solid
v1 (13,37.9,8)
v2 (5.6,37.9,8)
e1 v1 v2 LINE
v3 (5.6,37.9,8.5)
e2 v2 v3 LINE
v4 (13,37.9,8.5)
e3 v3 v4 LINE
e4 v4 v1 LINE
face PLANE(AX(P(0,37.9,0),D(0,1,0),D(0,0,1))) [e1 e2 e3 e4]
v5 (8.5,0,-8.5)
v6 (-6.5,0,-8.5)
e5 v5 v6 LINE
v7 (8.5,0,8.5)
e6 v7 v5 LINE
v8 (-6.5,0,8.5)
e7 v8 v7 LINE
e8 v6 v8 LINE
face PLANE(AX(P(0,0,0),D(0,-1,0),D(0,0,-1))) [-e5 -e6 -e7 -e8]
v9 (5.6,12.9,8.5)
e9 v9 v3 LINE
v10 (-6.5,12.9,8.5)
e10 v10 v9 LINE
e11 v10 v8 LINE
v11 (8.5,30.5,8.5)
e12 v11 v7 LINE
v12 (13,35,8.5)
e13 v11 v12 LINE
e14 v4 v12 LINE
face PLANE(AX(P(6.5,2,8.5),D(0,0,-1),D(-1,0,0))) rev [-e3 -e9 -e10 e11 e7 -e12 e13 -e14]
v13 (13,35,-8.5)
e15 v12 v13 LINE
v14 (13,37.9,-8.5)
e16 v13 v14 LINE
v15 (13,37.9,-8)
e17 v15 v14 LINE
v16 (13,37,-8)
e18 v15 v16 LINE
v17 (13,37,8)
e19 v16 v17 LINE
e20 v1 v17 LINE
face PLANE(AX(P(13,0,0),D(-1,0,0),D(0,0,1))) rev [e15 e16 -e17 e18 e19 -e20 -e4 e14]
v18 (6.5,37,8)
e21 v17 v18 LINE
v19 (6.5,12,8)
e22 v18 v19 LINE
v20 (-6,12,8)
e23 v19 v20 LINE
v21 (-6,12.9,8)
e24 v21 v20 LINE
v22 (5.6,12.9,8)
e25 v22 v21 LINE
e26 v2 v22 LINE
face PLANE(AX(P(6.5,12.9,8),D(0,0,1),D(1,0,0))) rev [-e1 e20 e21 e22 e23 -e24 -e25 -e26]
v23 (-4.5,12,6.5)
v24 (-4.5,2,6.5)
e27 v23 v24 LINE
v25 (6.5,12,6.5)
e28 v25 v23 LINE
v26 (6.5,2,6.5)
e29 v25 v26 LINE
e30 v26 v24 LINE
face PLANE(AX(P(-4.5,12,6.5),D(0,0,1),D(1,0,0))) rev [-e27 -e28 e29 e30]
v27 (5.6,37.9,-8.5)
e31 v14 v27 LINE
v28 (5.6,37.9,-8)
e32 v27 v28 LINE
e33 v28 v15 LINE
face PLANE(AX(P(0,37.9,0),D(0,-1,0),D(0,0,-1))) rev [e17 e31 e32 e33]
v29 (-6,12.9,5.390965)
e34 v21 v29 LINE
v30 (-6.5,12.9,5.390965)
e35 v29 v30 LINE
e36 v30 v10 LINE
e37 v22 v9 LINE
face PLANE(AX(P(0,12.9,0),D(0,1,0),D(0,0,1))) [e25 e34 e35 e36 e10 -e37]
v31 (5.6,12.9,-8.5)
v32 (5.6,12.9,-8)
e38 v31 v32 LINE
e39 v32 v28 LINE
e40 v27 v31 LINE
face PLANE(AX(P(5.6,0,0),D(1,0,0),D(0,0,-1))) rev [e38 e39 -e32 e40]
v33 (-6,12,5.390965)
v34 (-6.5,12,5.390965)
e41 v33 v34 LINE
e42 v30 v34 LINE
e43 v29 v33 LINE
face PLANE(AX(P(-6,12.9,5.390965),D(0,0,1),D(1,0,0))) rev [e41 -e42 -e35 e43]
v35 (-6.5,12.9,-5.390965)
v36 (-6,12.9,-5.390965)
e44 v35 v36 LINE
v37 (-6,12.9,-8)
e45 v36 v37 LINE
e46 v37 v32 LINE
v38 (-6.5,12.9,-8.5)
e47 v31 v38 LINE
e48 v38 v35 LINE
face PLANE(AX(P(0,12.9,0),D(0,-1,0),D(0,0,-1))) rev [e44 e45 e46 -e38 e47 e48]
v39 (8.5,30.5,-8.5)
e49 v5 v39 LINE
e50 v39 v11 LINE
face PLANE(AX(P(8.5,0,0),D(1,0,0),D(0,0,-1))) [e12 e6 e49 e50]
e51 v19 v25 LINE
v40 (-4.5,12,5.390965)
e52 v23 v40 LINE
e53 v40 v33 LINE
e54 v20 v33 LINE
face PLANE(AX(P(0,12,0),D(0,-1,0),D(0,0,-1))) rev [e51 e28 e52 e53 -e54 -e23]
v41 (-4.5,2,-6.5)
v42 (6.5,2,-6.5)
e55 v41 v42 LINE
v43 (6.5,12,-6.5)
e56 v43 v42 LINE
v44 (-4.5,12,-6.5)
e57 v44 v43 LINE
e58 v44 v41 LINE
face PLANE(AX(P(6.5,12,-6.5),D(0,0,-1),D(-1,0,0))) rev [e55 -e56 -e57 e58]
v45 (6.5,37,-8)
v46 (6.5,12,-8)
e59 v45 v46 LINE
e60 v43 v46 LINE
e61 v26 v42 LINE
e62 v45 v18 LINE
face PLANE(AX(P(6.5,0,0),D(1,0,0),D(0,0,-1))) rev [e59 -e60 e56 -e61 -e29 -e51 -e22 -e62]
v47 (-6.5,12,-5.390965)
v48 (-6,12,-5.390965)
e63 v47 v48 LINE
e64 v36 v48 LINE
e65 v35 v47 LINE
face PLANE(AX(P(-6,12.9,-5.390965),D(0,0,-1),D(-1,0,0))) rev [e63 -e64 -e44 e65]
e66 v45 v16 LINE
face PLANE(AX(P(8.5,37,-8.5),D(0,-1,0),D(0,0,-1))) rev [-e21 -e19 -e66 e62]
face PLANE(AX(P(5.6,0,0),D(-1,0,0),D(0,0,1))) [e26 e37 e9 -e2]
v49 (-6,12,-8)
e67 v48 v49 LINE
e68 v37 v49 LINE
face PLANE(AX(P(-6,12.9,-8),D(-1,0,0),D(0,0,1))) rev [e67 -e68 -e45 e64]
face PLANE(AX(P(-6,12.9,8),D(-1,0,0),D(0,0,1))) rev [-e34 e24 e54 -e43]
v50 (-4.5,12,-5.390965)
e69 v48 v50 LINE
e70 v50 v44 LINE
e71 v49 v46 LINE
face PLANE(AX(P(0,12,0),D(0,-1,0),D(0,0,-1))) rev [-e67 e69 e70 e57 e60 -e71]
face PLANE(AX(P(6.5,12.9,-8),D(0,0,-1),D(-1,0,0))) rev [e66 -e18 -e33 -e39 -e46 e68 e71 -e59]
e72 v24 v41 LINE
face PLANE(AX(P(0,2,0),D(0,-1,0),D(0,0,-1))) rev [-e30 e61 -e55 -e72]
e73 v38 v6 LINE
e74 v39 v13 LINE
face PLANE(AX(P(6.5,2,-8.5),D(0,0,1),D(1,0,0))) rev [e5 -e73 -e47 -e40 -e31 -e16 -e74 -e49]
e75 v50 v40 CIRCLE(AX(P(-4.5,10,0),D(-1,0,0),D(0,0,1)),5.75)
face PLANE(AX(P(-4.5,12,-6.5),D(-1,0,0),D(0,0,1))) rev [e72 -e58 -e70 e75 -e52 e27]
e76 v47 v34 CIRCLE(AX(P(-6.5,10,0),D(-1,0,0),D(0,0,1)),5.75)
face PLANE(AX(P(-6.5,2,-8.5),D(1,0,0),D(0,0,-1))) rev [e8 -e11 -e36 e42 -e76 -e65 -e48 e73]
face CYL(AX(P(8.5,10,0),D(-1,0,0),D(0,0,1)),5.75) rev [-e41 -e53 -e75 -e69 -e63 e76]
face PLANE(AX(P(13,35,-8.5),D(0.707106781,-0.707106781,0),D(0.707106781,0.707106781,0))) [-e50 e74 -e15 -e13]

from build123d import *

# Parameters (mm, degrees)
SKETCH1_W           = 13
SKETCH1_H           = 17
BOSS_EXTRUDE1_DEPTH = 2
BOSS_EXTRUDE2_DEPTH = 10
SKETCH3_R           = 5.75
CUT_EXTRUDE1_DEPTH  = 15
SKETCH4_W           = 17
SKETCH4_H           = 37
BOSS_EXTRUDE3_DEPTH = 2
SKETCH5_W           = 17
SKETCH5_H           = 2
BOSS_EXTRUDE4_DEPTH = 4.5
BOSS_EXTRUDE5_DEPTH = 0.9
SKETCH7_W           = 0.5
SKETCH7_H           = 24.1
BOSS_EXTRUDE6_DEPTH = 0.9
SKETCH8_W           = 7.4
SKETCH8_H           = 0.5
BOSS_EXTRUDE7_DEPTH = 0.9
BOSS_EXTRUDE8_DEPTH = 17


with BuildPart() as part:
    # Sketch1 → Boss-Extrude1 (new body)
    with BuildSketch(Plane(origin=(0, 0, 0), x_dir=(1, 0, 0), z_dir=(0, 1, 0))):
        Rectangle(SKETCH1_W, SKETCH1_H)
    extrude(amount=BOSS_EXTRUDE1_DEPTH)

    # Sketch2 → Boss-Extrude2 (add)
    with BuildSketch(Plane(origin=(0, 2, 0), x_dir=(1, 0, 0), z_dir=(0, 1, 0))):
        Polygon((-6.5, 8.5), (-6.5, -8.5), (6.5, -8.5), (6.5, -6.5), (-4.5, -6.5), (-4.5, 6.5), (6.5, 6.5), (6.5, 8.5), align=None)
    extrude(amount=BOSS_EXTRUDE2_DEPTH)

    # Sketch3 → Cut-Extrude1 (cut)
    with BuildSketch(Plane.ZY.offset(6.5)):
        with Locations((0, 10)):
            Circle(SKETCH3_R)
    extrude(amount=-CUT_EXTRUDE1_DEPTH, mode=Mode.SUBTRACT)

    # Sketch4 → Boss-Extrude3 (add)
    with BuildSketch(Plane(origin=(6.5, 0, 0), x_dir=(0, 0, -1), z_dir=(1, 0, 0))):
        with Locations((0, 18.5)):
            Rectangle(SKETCH4_W, SKETCH4_H)
    extrude(amount=BOSS_EXTRUDE3_DEPTH)

    # Sketch5 → Boss-Extrude4 (add)
    with BuildSketch(Plane(origin=(8.5, 0, 0), x_dir=(0, 0, -1), z_dir=(1, 0, 0))):
        with Locations((0, 36)):
            Rectangle(SKETCH5_W, SKETCH5_H)
    extrude(amount=BOSS_EXTRUDE4_DEPTH)

    # Sketch6 → Boss-Extrude5 (add)
    with BuildSketch(Plane(origin=(0, 12, 0), x_dir=(1, 0, 0), z_dir=(0, 1, 0))):
        Polygon((-6, 5.390964663), (-6.5, 5.390964663), (-6.5, 8.5), (6.5, 8.5), (6.5, 8), (-6, 8), align=None)
        Polygon((6.5, -8), (-6, -8), (-6, -5.390964663), (-6.5, -5.390964663), (-6.5, -8.5), (6.5, -8.5), align=None)
    extrude(amount=BOSS_EXTRUDE5_DEPTH)

    # Sketch7 → Boss-Extrude6 (add)
    with BuildSketch(Plane.ZY.offset(-6.5)):
        with Locations((-8.25, 24.95)):
            Rectangle(SKETCH7_W, SKETCH7_H)
        with Locations((8.25, 24.95)):
            Rectangle(SKETCH7_W, SKETCH7_H)
    extrude(amount=BOSS_EXTRUDE6_DEPTH)

    # Sketch8 → Boss-Extrude7 (add)
    with BuildSketch(Plane(origin=(0, 37, 0), x_dir=(1, 0, 0), z_dir=(0, 1, 0))):
        with Locations((9.3, 8.25)):
            Rectangle(SKETCH8_W, SKETCH8_H)
        with Locations((9.3, -8.25)):
            Rectangle(SKETCH8_W, SKETCH8_H)
    extrude(amount=BOSS_EXTRUDE7_DEPTH)

    # Sketch9 → Boss-Extrude8 (add)
    with BuildSketch(Plane.XY.offset(8.5)):
        Polygon((13, 35), (8.5, 30.5), (8.5, 35), align=None)
    extrude(amount=-BOSS_EXTRUDE8_DEPTH)


solid = part.part
